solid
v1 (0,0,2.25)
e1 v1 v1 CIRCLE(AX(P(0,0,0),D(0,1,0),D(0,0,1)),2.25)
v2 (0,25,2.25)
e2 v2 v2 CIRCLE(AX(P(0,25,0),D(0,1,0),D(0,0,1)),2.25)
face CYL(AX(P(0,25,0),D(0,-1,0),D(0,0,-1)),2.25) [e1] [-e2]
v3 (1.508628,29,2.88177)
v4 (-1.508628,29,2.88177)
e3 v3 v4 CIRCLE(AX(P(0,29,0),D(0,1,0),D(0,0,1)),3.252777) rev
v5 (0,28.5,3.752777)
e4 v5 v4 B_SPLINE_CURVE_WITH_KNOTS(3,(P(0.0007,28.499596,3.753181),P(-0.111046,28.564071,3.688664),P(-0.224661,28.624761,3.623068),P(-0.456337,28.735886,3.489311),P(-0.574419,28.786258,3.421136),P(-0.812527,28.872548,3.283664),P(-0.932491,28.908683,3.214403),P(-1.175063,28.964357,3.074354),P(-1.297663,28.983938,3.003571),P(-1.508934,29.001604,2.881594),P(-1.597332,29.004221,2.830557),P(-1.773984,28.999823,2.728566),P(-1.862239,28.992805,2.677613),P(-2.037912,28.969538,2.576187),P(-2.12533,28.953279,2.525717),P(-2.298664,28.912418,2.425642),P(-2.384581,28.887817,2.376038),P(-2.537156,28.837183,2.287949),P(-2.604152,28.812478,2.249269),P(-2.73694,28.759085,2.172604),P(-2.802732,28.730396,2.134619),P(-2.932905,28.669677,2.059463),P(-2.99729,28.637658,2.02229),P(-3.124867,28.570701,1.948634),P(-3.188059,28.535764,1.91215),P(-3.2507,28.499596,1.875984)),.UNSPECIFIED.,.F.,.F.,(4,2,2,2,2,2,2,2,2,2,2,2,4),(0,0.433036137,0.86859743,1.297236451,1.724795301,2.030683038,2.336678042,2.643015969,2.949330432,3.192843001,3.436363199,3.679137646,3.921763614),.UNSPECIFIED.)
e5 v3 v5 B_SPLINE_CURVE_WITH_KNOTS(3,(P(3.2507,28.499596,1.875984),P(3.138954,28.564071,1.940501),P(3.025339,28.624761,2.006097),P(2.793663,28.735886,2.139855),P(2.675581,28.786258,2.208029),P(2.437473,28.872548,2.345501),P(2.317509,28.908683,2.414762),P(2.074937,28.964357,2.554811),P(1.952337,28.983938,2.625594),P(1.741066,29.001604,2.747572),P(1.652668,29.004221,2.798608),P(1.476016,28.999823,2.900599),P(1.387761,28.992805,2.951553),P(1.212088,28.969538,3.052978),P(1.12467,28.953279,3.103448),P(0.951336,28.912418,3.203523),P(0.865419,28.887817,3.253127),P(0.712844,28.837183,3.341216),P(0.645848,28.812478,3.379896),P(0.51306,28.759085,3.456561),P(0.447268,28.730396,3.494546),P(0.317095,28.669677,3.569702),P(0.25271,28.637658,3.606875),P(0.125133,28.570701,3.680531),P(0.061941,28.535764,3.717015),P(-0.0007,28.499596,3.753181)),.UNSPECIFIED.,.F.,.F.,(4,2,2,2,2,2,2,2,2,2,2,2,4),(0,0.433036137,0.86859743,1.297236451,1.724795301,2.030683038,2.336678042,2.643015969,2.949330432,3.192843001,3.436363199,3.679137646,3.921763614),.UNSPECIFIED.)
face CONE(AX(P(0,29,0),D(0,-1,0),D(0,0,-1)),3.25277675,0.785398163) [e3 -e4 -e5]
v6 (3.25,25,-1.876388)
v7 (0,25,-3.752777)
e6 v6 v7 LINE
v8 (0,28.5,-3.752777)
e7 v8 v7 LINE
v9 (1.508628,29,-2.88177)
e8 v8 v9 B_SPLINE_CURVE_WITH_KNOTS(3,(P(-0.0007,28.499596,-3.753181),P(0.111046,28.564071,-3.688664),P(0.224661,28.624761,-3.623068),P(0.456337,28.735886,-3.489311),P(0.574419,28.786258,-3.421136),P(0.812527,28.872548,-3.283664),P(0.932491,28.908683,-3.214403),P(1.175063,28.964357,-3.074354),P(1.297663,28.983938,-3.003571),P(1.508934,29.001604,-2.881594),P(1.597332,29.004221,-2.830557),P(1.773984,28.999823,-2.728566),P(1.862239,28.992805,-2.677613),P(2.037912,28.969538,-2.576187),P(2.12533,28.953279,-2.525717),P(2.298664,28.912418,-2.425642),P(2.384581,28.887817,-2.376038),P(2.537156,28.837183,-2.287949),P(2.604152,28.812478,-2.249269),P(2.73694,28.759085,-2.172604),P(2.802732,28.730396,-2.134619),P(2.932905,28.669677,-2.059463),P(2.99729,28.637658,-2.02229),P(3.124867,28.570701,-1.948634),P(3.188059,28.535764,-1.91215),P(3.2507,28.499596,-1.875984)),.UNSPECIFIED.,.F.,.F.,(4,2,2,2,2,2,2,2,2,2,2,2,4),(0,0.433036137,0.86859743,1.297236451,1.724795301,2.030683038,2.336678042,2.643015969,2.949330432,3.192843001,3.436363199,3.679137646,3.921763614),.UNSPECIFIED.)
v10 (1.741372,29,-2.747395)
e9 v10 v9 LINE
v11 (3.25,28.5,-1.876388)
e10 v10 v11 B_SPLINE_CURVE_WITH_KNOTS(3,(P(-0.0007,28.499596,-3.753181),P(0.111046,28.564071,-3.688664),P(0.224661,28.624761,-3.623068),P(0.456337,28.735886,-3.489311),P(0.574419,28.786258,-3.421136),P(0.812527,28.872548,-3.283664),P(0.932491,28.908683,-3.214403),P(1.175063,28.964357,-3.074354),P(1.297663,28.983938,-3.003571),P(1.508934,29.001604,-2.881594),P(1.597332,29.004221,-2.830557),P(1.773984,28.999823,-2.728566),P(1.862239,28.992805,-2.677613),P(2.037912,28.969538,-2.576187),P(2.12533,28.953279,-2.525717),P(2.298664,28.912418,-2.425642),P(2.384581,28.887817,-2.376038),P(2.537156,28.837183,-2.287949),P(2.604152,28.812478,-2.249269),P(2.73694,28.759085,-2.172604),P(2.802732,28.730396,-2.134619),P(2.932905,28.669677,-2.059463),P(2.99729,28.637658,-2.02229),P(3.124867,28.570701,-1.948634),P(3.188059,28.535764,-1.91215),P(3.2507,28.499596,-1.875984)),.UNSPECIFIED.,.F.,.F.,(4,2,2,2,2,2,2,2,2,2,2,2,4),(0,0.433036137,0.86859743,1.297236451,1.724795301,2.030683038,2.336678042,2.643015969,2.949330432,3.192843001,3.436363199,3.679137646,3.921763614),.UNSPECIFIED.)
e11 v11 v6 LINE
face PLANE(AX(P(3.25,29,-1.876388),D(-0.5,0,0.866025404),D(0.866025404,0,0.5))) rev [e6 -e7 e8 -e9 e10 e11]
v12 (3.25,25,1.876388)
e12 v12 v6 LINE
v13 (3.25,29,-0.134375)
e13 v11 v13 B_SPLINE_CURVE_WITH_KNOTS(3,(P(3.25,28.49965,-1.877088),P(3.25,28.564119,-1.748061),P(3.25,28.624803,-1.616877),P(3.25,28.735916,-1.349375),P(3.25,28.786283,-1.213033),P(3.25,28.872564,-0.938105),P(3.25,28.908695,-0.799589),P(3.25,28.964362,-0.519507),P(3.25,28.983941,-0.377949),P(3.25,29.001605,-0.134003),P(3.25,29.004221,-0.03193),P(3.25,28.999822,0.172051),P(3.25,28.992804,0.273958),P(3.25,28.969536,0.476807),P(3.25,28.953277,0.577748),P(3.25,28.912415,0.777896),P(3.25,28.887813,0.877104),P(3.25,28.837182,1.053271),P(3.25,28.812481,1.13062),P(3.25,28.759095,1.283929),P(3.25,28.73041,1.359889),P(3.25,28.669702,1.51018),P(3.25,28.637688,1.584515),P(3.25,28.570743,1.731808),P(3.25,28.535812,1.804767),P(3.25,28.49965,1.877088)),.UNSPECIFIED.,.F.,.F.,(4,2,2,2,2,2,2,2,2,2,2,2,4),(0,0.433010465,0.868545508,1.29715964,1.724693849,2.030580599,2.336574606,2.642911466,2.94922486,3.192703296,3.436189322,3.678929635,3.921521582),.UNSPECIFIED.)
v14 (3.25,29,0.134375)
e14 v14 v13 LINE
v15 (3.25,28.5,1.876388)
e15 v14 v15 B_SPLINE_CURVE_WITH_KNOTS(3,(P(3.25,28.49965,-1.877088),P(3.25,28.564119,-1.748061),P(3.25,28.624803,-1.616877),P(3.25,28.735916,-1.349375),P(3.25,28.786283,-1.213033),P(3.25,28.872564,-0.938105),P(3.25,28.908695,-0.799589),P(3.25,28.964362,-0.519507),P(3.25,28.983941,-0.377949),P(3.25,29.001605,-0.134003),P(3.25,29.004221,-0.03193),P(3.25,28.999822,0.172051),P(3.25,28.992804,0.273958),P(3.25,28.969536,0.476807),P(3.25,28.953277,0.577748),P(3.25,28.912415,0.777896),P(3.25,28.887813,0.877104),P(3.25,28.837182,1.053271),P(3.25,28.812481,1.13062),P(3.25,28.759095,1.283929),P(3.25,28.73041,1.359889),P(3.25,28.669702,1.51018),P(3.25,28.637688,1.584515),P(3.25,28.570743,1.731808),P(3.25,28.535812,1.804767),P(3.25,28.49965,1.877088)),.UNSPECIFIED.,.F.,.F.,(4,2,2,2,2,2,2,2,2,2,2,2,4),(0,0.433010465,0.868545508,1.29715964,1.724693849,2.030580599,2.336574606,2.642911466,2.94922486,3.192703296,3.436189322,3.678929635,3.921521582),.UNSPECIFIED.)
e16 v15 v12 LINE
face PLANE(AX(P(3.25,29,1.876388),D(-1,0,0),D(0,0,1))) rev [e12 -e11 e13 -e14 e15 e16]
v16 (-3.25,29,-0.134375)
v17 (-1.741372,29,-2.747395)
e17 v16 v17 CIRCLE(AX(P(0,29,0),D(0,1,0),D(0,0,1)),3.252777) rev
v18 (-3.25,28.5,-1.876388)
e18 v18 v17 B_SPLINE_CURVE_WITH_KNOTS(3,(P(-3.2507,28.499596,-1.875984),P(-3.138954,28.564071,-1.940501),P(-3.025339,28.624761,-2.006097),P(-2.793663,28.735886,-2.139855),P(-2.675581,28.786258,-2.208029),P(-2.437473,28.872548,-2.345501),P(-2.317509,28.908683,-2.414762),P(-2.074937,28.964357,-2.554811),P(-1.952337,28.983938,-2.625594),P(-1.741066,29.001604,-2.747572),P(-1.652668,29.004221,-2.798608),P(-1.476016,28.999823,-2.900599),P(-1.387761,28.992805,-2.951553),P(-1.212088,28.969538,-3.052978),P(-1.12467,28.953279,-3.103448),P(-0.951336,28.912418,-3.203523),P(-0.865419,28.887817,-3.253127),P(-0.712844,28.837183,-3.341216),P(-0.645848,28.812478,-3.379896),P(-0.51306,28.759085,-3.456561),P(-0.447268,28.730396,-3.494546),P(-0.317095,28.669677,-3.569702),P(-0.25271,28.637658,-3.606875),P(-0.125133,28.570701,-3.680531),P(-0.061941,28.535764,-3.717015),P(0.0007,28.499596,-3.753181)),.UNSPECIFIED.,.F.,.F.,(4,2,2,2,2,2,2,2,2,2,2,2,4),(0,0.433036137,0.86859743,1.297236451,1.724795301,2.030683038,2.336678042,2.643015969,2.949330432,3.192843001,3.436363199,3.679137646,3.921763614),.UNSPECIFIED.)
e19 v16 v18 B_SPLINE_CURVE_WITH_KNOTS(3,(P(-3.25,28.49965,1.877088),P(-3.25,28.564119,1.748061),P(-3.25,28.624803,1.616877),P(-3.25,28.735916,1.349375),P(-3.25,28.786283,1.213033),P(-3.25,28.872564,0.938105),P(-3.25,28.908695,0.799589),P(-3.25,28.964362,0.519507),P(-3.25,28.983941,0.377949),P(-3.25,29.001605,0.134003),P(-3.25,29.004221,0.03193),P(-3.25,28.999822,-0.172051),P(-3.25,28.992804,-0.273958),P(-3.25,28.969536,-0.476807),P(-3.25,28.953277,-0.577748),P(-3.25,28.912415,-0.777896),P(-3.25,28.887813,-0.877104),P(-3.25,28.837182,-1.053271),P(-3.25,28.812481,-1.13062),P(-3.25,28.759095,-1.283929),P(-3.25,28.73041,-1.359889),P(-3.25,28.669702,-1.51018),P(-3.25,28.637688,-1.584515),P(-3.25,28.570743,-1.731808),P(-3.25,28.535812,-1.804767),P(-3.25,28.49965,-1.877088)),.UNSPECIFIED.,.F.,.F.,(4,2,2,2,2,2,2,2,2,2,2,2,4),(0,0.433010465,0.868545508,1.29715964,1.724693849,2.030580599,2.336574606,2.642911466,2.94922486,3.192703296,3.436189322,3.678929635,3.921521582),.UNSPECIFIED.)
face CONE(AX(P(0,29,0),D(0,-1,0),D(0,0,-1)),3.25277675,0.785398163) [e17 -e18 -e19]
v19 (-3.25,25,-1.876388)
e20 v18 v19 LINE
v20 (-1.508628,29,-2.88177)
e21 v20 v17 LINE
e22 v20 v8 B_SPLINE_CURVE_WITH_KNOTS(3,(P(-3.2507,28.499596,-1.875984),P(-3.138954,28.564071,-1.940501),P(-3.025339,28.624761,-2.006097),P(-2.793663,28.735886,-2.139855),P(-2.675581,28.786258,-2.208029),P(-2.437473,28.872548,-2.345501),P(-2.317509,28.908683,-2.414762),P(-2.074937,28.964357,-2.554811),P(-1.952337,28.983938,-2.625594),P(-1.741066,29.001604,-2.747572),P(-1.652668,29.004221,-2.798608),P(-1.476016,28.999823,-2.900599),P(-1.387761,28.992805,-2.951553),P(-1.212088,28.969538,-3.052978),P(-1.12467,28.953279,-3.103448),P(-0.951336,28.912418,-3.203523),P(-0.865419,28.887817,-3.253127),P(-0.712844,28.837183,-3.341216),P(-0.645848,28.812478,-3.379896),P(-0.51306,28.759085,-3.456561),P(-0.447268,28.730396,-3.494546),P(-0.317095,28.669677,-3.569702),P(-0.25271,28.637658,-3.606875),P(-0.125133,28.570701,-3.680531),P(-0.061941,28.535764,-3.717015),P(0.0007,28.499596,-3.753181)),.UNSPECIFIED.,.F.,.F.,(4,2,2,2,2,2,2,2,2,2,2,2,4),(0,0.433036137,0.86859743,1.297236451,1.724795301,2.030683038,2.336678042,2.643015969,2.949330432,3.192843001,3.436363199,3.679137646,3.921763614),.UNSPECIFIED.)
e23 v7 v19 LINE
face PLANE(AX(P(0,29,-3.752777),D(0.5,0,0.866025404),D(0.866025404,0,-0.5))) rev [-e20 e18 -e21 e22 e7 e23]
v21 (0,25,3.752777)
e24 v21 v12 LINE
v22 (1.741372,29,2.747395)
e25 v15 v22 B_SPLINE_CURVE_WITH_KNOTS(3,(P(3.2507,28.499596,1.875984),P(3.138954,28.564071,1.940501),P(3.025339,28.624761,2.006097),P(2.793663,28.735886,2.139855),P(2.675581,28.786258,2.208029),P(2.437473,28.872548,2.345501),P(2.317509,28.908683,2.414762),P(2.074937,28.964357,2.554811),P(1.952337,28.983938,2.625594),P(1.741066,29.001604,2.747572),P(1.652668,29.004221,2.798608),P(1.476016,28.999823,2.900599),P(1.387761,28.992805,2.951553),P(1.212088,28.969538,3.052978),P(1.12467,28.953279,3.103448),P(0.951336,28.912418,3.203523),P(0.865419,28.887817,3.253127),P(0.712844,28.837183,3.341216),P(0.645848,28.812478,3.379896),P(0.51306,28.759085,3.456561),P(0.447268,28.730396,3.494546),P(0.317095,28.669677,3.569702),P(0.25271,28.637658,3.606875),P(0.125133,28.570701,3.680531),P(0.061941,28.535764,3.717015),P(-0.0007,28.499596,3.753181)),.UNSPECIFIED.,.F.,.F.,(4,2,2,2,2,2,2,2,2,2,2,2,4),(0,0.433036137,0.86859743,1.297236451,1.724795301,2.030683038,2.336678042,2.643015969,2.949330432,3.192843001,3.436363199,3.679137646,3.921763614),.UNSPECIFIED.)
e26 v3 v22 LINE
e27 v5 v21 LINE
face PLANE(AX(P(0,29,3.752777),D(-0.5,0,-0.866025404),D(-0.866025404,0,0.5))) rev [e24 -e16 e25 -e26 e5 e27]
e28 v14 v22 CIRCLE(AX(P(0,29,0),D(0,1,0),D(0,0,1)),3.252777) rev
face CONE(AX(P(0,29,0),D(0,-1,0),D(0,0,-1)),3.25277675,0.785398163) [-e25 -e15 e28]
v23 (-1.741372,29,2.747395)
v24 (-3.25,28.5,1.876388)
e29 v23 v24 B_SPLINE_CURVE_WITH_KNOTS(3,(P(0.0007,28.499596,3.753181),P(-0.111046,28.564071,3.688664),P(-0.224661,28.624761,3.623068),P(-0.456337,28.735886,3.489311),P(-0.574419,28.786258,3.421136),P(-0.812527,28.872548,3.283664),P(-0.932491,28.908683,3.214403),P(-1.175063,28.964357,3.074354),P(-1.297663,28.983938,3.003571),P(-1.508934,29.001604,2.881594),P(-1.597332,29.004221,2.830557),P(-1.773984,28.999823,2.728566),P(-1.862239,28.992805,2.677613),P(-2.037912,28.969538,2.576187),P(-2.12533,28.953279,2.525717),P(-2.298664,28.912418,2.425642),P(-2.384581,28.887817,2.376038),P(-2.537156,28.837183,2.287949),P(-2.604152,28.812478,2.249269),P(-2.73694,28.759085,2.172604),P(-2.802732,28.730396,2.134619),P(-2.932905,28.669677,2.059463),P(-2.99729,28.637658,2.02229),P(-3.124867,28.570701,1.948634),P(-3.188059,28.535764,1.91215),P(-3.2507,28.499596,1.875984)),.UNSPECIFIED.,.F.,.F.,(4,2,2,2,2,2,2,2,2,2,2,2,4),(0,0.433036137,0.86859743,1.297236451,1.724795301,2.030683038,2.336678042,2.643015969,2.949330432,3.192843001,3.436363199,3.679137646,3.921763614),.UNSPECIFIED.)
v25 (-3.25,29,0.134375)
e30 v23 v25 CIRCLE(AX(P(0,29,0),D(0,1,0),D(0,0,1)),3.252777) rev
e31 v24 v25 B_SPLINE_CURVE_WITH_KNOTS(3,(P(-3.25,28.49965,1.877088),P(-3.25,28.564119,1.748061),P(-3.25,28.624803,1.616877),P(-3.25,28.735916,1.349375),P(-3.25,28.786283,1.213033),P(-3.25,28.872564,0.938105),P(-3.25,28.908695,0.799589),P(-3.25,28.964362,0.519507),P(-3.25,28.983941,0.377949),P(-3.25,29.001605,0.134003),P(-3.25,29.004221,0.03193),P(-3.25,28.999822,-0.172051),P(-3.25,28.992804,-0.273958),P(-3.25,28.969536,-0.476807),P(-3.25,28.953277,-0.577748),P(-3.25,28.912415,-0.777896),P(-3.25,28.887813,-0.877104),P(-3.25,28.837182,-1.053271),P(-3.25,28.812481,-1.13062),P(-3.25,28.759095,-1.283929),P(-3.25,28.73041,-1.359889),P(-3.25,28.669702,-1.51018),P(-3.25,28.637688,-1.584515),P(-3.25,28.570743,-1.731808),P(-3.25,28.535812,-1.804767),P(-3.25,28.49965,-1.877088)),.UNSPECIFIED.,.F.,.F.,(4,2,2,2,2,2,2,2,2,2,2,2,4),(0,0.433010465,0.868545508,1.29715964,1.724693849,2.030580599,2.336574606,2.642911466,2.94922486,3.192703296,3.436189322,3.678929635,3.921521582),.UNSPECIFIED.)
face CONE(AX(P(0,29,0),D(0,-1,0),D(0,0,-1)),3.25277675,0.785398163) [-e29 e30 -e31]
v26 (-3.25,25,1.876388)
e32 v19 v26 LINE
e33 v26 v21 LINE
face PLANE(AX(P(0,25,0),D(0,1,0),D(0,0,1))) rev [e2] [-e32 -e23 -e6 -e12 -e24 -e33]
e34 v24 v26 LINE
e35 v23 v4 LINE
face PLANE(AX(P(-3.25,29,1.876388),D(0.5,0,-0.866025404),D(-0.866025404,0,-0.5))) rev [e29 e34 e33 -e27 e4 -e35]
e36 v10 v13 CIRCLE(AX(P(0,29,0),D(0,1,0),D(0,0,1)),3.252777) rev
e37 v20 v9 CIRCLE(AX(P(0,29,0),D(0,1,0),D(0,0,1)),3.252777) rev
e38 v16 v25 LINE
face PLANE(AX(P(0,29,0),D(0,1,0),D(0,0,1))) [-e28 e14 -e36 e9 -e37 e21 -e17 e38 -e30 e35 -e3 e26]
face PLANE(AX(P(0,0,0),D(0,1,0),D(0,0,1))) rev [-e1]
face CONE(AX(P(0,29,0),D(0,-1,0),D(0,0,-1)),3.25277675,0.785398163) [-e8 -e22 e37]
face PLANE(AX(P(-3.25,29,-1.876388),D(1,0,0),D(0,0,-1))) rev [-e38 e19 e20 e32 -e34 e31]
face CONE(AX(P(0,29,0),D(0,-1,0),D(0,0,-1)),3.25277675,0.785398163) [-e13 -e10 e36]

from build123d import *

# Parameters (mm, degrees)
SKETCH1_R           = 2.25
BOSS_EXTRUDE1_DEPTH = 25
BOSS_EXTRUDE2_DEPTH = 4


with BuildPart() as part:
    # Sketch1 → Boss-Extrude1 (new body)
    with BuildSketch(Plane(origin=(0, 0, 0), x_dir=(1, 0, 0), z_dir=(0, 1, 0))):
        with Locations(Location((0, 0, 0), (0, 0, 270))):
            Circle(SKETCH1_R)
    extrude(amount=BOSS_EXTRUDE1_DEPTH)

    # Sketch2 → Boss-Extrude2 (add)
    with BuildSketch(Plane(origin=(0, 25, 0), x_dir=(1, 0, 0), z_dir=(0, 1, 0))):
        Polygon((-3.25, -1.876388375), (0, -3.75277675), (3.25, -1.876388375), (3.25, 1.876388375), (0, 3.75277675), (-3.25, 1.876388375), align=None)
    extrude(amount=BOSS_EXTRUDE2_DEPTH)

    # Sketch4 → Cut-Revolve1 (revolve, cut)
    with BuildSketch(Plane(origin=(0, 0, 0), x_dir=(0, 0, -1), z_dir=(1, 0, 0))):
        Polygon((3.25277675, 29), (3.75277675, 28.5), (3.75277675, 29), align=None)
    revolve(axis=Axis((0, 0, 0), (0, 1, 0)), mode=Mode.SUBTRACT)


solid = part.part
